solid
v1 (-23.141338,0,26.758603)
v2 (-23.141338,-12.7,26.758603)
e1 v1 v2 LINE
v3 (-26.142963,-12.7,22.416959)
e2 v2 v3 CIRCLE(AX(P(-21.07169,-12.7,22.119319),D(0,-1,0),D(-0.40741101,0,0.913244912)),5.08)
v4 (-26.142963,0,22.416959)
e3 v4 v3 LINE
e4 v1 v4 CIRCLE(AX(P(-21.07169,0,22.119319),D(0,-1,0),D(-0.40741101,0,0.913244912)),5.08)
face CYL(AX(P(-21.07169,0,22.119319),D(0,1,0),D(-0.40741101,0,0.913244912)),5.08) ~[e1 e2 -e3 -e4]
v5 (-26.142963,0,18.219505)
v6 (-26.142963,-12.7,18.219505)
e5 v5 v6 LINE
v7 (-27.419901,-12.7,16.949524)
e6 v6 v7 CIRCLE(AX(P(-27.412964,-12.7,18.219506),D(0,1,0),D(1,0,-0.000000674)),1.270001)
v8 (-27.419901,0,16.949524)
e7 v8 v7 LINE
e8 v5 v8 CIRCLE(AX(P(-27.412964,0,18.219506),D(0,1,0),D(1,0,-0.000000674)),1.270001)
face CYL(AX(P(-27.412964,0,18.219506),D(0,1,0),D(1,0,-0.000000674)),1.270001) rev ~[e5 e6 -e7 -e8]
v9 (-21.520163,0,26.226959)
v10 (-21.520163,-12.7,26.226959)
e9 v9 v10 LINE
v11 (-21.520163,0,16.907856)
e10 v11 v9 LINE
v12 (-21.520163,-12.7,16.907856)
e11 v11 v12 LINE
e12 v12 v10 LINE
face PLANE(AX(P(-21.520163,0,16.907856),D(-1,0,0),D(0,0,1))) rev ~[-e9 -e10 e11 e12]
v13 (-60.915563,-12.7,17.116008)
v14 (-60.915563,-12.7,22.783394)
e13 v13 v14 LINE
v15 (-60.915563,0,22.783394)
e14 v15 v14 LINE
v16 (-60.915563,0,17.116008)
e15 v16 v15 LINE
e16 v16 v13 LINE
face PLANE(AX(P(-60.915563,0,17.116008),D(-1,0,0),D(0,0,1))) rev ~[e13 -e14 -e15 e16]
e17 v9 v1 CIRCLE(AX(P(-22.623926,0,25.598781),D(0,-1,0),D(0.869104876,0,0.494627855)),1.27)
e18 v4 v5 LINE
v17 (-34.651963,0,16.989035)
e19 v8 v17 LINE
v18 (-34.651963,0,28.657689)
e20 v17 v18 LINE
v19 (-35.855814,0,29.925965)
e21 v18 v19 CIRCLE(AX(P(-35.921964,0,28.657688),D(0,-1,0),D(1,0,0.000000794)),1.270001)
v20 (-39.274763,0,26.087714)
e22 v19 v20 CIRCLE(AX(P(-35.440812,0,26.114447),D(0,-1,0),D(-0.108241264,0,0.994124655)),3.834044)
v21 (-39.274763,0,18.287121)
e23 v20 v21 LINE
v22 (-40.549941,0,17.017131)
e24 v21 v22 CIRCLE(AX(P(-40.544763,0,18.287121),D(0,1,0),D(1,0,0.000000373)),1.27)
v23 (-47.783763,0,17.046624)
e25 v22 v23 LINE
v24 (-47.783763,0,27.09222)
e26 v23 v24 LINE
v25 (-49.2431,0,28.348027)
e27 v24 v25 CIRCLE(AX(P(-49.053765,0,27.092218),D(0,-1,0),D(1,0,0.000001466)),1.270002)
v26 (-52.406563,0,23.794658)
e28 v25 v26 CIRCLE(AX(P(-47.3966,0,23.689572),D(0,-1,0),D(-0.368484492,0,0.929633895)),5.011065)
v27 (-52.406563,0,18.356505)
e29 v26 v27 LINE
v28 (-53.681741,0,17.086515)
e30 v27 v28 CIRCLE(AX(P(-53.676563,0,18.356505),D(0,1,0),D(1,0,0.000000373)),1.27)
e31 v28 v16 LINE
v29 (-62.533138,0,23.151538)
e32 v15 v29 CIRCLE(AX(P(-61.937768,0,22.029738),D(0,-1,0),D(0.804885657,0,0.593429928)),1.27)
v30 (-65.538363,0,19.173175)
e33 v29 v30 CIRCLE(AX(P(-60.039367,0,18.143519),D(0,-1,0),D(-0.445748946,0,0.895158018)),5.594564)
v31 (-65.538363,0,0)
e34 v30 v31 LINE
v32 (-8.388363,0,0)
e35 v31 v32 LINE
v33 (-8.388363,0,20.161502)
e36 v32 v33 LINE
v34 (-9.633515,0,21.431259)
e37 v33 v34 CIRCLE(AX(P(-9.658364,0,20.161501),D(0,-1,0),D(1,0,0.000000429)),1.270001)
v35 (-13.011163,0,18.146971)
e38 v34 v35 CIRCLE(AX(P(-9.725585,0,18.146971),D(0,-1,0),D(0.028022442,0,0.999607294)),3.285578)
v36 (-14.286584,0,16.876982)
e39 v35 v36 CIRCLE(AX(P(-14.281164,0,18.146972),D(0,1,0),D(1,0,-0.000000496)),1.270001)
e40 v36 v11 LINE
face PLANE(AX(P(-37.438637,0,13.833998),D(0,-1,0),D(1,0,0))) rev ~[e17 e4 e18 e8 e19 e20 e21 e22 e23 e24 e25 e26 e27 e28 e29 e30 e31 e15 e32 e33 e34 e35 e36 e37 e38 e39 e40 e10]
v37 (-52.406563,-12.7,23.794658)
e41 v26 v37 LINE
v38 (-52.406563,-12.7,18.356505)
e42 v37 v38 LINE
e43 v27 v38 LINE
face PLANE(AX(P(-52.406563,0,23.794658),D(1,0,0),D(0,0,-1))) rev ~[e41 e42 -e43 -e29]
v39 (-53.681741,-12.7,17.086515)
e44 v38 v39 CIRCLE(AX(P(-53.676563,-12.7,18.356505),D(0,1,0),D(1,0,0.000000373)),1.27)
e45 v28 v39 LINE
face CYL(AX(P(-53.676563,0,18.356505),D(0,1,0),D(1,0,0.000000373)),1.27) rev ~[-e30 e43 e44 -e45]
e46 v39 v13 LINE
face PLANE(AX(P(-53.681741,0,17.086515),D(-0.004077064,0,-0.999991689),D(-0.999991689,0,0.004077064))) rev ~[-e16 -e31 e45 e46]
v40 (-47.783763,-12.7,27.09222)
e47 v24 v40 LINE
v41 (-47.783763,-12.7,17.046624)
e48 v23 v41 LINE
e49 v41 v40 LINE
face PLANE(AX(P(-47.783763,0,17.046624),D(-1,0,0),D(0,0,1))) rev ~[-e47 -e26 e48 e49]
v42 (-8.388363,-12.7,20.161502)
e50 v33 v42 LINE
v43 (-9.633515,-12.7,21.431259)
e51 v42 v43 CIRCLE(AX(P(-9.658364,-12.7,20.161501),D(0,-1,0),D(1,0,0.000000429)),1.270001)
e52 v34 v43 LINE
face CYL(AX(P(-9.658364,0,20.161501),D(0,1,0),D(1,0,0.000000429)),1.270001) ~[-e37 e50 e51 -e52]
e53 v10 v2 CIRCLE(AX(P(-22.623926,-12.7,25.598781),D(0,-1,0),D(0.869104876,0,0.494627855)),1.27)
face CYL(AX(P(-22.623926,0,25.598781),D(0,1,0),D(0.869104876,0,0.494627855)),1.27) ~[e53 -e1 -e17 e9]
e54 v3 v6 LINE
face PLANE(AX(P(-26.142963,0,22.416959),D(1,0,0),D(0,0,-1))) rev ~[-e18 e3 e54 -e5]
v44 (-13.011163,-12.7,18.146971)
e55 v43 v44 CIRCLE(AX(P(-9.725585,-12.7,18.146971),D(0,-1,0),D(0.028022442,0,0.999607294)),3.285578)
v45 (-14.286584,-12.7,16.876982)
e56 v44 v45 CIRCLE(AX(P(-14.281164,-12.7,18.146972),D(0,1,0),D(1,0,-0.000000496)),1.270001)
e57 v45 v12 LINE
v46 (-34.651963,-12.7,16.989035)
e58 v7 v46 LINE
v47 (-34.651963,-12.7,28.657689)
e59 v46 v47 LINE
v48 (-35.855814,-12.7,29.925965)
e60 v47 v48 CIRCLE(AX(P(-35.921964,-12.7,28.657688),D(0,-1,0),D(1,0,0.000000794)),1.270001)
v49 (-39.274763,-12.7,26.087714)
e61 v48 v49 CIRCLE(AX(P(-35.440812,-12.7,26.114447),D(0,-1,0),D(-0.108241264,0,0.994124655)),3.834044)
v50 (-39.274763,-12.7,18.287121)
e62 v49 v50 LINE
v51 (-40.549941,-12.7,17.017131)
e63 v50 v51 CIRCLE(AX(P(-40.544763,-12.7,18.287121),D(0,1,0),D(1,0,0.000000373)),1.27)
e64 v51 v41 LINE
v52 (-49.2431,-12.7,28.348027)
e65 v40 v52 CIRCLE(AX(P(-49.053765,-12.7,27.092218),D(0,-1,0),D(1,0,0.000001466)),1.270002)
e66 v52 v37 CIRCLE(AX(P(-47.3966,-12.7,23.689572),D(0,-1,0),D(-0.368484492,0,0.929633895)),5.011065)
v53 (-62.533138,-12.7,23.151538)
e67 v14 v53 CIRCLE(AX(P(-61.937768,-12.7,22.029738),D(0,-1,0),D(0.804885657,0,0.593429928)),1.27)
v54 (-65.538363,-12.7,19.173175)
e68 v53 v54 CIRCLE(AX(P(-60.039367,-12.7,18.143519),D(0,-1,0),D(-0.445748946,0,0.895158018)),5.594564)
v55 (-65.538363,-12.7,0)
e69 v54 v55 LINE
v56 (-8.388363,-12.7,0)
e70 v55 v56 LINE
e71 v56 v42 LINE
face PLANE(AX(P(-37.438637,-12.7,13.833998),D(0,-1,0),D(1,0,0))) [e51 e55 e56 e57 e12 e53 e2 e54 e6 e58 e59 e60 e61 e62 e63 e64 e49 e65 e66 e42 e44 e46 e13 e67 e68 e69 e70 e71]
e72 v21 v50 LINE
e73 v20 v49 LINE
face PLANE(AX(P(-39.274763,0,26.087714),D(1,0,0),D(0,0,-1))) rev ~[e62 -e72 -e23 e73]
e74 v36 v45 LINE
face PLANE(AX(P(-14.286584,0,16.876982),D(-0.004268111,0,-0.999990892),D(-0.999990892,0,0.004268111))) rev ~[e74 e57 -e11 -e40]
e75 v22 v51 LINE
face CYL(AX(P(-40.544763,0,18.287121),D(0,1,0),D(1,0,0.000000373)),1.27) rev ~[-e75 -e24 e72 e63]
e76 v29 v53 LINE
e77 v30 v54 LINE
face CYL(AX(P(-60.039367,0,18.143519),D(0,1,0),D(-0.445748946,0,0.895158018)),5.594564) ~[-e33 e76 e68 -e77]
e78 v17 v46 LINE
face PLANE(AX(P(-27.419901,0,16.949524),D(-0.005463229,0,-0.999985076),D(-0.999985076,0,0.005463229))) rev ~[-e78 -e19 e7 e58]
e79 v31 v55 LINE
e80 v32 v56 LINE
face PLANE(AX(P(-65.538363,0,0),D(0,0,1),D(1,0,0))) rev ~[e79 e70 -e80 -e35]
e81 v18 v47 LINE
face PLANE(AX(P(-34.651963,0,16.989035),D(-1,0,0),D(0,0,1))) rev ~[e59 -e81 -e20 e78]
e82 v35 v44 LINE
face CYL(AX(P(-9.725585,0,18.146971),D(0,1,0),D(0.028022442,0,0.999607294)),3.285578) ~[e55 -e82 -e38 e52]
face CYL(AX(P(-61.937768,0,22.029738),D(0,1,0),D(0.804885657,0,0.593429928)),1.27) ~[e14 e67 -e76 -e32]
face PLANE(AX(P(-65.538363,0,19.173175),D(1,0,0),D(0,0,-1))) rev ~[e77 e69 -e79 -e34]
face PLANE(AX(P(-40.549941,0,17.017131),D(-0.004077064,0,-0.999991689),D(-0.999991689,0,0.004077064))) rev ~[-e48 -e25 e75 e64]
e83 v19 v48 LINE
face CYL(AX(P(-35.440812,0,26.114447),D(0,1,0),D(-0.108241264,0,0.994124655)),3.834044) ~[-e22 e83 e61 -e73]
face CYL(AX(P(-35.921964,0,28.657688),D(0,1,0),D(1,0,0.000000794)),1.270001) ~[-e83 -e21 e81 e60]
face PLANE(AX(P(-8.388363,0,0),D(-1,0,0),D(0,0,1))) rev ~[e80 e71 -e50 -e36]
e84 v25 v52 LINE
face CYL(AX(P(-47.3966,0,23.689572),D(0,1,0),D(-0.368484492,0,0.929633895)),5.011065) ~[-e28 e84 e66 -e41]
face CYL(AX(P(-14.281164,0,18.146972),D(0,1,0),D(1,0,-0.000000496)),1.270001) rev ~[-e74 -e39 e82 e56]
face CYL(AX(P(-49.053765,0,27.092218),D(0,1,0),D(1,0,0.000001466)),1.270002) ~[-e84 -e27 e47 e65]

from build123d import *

# Parameters (mm, degrees)
F1_DEPTH = 12.7


with BuildPart() as f1:
    # F0 (on Front) → F1 (new body)
    with BuildSketch(Plane.XZ):
        with BuildLine():
            Line((-65.538363, 0), (-8.388363, 0))
            Line((-8.388363, 0), (-8.388363, 20.161502))
            ThreePointArc((-8.388363, 20.161502), (-8.751595, 21.050699), (-9.633515, 21.431259))
            ThreePointArc((-9.633515, 21.431259), (-12.016057, 20.502552), (-13.011163, 18.146971))
            ThreePointArc((-13.011163, 18.146971), (-13.385056, 17.247031), (-14.286584, 16.876982))
            Line((-14.286584, 16.876982), (-21.520163, 16.907856))
            Line((-21.520163, 16.907856), (-21.520163, 26.226959))
            ThreePointArc((-21.520163, 26.226959), (-22.228183, 26.805549), (-23.141338, 26.758603))
            ThreePointArc((-23.141338, 26.758603), (-25.250285, 25.008219), (-26.142963, 22.416959))
            Line((-26.142963, 22.416959), (-26.142963, 18.219505))
            ThreePointArc((-26.142963, 18.219505), (-26.517394, 17.31903), (-27.419901, 16.949524))
            Line((-27.419901, 16.949524), (-34.651963, 16.989035))
            Line((-34.651963, 16.989035), (-34.651963, 28.657689))
            ThreePointArc((-34.651963, 28.657689), (-35.000847, 29.532014), (-35.855814, 29.925965))
            ThreePointArc((-35.855814, 29.925965), (-38.303755, 28.664634), (-39.274763, 26.087714))
            Line((-39.274763, 26.087714), (-39.274763, 18.287121))
            ThreePointArc((-39.274763, 18.287121), (-39.64857, 17.387266), (-40.549941, 17.017131))
            Line((-40.549941, 17.017131), (-47.783763, 17.046624))
            Line((-47.783763, 17.046624), (-47.783763, 27.09222))
            ThreePointArc((-47.783763, 27.09222), (-48.225379, 28.054861), (-49.2431, 28.348027))
            ThreePointArc((-49.2431, 28.348027), (-51.511945, 26.548716), (-52.406563, 23.794658))
            Line((-52.406563, 23.794658), (-52.406563, 18.356505))
            ThreePointArc((-52.406563, 18.356505), (-52.78037, 17.45665), (-53.681741, 17.086515))
            Line((-53.681741, 17.086515), (-60.915563, 17.116008))
            Line((-60.915563, 17.116008), (-60.915563, 22.783394))
            ThreePointArc((-60.915563, 22.783394), (-61.655936, 23.268072), (-62.533138, 23.151538))
            ThreePointArc((-62.533138, 23.151538), (-64.503437, 21.515644), (-65.538363, 19.173175))
            Line((-65.538363, 19.173175), (-65.538363, 0))
        make_face()
    extrude(amount=F1_DEPTH)


solid = f1.part
